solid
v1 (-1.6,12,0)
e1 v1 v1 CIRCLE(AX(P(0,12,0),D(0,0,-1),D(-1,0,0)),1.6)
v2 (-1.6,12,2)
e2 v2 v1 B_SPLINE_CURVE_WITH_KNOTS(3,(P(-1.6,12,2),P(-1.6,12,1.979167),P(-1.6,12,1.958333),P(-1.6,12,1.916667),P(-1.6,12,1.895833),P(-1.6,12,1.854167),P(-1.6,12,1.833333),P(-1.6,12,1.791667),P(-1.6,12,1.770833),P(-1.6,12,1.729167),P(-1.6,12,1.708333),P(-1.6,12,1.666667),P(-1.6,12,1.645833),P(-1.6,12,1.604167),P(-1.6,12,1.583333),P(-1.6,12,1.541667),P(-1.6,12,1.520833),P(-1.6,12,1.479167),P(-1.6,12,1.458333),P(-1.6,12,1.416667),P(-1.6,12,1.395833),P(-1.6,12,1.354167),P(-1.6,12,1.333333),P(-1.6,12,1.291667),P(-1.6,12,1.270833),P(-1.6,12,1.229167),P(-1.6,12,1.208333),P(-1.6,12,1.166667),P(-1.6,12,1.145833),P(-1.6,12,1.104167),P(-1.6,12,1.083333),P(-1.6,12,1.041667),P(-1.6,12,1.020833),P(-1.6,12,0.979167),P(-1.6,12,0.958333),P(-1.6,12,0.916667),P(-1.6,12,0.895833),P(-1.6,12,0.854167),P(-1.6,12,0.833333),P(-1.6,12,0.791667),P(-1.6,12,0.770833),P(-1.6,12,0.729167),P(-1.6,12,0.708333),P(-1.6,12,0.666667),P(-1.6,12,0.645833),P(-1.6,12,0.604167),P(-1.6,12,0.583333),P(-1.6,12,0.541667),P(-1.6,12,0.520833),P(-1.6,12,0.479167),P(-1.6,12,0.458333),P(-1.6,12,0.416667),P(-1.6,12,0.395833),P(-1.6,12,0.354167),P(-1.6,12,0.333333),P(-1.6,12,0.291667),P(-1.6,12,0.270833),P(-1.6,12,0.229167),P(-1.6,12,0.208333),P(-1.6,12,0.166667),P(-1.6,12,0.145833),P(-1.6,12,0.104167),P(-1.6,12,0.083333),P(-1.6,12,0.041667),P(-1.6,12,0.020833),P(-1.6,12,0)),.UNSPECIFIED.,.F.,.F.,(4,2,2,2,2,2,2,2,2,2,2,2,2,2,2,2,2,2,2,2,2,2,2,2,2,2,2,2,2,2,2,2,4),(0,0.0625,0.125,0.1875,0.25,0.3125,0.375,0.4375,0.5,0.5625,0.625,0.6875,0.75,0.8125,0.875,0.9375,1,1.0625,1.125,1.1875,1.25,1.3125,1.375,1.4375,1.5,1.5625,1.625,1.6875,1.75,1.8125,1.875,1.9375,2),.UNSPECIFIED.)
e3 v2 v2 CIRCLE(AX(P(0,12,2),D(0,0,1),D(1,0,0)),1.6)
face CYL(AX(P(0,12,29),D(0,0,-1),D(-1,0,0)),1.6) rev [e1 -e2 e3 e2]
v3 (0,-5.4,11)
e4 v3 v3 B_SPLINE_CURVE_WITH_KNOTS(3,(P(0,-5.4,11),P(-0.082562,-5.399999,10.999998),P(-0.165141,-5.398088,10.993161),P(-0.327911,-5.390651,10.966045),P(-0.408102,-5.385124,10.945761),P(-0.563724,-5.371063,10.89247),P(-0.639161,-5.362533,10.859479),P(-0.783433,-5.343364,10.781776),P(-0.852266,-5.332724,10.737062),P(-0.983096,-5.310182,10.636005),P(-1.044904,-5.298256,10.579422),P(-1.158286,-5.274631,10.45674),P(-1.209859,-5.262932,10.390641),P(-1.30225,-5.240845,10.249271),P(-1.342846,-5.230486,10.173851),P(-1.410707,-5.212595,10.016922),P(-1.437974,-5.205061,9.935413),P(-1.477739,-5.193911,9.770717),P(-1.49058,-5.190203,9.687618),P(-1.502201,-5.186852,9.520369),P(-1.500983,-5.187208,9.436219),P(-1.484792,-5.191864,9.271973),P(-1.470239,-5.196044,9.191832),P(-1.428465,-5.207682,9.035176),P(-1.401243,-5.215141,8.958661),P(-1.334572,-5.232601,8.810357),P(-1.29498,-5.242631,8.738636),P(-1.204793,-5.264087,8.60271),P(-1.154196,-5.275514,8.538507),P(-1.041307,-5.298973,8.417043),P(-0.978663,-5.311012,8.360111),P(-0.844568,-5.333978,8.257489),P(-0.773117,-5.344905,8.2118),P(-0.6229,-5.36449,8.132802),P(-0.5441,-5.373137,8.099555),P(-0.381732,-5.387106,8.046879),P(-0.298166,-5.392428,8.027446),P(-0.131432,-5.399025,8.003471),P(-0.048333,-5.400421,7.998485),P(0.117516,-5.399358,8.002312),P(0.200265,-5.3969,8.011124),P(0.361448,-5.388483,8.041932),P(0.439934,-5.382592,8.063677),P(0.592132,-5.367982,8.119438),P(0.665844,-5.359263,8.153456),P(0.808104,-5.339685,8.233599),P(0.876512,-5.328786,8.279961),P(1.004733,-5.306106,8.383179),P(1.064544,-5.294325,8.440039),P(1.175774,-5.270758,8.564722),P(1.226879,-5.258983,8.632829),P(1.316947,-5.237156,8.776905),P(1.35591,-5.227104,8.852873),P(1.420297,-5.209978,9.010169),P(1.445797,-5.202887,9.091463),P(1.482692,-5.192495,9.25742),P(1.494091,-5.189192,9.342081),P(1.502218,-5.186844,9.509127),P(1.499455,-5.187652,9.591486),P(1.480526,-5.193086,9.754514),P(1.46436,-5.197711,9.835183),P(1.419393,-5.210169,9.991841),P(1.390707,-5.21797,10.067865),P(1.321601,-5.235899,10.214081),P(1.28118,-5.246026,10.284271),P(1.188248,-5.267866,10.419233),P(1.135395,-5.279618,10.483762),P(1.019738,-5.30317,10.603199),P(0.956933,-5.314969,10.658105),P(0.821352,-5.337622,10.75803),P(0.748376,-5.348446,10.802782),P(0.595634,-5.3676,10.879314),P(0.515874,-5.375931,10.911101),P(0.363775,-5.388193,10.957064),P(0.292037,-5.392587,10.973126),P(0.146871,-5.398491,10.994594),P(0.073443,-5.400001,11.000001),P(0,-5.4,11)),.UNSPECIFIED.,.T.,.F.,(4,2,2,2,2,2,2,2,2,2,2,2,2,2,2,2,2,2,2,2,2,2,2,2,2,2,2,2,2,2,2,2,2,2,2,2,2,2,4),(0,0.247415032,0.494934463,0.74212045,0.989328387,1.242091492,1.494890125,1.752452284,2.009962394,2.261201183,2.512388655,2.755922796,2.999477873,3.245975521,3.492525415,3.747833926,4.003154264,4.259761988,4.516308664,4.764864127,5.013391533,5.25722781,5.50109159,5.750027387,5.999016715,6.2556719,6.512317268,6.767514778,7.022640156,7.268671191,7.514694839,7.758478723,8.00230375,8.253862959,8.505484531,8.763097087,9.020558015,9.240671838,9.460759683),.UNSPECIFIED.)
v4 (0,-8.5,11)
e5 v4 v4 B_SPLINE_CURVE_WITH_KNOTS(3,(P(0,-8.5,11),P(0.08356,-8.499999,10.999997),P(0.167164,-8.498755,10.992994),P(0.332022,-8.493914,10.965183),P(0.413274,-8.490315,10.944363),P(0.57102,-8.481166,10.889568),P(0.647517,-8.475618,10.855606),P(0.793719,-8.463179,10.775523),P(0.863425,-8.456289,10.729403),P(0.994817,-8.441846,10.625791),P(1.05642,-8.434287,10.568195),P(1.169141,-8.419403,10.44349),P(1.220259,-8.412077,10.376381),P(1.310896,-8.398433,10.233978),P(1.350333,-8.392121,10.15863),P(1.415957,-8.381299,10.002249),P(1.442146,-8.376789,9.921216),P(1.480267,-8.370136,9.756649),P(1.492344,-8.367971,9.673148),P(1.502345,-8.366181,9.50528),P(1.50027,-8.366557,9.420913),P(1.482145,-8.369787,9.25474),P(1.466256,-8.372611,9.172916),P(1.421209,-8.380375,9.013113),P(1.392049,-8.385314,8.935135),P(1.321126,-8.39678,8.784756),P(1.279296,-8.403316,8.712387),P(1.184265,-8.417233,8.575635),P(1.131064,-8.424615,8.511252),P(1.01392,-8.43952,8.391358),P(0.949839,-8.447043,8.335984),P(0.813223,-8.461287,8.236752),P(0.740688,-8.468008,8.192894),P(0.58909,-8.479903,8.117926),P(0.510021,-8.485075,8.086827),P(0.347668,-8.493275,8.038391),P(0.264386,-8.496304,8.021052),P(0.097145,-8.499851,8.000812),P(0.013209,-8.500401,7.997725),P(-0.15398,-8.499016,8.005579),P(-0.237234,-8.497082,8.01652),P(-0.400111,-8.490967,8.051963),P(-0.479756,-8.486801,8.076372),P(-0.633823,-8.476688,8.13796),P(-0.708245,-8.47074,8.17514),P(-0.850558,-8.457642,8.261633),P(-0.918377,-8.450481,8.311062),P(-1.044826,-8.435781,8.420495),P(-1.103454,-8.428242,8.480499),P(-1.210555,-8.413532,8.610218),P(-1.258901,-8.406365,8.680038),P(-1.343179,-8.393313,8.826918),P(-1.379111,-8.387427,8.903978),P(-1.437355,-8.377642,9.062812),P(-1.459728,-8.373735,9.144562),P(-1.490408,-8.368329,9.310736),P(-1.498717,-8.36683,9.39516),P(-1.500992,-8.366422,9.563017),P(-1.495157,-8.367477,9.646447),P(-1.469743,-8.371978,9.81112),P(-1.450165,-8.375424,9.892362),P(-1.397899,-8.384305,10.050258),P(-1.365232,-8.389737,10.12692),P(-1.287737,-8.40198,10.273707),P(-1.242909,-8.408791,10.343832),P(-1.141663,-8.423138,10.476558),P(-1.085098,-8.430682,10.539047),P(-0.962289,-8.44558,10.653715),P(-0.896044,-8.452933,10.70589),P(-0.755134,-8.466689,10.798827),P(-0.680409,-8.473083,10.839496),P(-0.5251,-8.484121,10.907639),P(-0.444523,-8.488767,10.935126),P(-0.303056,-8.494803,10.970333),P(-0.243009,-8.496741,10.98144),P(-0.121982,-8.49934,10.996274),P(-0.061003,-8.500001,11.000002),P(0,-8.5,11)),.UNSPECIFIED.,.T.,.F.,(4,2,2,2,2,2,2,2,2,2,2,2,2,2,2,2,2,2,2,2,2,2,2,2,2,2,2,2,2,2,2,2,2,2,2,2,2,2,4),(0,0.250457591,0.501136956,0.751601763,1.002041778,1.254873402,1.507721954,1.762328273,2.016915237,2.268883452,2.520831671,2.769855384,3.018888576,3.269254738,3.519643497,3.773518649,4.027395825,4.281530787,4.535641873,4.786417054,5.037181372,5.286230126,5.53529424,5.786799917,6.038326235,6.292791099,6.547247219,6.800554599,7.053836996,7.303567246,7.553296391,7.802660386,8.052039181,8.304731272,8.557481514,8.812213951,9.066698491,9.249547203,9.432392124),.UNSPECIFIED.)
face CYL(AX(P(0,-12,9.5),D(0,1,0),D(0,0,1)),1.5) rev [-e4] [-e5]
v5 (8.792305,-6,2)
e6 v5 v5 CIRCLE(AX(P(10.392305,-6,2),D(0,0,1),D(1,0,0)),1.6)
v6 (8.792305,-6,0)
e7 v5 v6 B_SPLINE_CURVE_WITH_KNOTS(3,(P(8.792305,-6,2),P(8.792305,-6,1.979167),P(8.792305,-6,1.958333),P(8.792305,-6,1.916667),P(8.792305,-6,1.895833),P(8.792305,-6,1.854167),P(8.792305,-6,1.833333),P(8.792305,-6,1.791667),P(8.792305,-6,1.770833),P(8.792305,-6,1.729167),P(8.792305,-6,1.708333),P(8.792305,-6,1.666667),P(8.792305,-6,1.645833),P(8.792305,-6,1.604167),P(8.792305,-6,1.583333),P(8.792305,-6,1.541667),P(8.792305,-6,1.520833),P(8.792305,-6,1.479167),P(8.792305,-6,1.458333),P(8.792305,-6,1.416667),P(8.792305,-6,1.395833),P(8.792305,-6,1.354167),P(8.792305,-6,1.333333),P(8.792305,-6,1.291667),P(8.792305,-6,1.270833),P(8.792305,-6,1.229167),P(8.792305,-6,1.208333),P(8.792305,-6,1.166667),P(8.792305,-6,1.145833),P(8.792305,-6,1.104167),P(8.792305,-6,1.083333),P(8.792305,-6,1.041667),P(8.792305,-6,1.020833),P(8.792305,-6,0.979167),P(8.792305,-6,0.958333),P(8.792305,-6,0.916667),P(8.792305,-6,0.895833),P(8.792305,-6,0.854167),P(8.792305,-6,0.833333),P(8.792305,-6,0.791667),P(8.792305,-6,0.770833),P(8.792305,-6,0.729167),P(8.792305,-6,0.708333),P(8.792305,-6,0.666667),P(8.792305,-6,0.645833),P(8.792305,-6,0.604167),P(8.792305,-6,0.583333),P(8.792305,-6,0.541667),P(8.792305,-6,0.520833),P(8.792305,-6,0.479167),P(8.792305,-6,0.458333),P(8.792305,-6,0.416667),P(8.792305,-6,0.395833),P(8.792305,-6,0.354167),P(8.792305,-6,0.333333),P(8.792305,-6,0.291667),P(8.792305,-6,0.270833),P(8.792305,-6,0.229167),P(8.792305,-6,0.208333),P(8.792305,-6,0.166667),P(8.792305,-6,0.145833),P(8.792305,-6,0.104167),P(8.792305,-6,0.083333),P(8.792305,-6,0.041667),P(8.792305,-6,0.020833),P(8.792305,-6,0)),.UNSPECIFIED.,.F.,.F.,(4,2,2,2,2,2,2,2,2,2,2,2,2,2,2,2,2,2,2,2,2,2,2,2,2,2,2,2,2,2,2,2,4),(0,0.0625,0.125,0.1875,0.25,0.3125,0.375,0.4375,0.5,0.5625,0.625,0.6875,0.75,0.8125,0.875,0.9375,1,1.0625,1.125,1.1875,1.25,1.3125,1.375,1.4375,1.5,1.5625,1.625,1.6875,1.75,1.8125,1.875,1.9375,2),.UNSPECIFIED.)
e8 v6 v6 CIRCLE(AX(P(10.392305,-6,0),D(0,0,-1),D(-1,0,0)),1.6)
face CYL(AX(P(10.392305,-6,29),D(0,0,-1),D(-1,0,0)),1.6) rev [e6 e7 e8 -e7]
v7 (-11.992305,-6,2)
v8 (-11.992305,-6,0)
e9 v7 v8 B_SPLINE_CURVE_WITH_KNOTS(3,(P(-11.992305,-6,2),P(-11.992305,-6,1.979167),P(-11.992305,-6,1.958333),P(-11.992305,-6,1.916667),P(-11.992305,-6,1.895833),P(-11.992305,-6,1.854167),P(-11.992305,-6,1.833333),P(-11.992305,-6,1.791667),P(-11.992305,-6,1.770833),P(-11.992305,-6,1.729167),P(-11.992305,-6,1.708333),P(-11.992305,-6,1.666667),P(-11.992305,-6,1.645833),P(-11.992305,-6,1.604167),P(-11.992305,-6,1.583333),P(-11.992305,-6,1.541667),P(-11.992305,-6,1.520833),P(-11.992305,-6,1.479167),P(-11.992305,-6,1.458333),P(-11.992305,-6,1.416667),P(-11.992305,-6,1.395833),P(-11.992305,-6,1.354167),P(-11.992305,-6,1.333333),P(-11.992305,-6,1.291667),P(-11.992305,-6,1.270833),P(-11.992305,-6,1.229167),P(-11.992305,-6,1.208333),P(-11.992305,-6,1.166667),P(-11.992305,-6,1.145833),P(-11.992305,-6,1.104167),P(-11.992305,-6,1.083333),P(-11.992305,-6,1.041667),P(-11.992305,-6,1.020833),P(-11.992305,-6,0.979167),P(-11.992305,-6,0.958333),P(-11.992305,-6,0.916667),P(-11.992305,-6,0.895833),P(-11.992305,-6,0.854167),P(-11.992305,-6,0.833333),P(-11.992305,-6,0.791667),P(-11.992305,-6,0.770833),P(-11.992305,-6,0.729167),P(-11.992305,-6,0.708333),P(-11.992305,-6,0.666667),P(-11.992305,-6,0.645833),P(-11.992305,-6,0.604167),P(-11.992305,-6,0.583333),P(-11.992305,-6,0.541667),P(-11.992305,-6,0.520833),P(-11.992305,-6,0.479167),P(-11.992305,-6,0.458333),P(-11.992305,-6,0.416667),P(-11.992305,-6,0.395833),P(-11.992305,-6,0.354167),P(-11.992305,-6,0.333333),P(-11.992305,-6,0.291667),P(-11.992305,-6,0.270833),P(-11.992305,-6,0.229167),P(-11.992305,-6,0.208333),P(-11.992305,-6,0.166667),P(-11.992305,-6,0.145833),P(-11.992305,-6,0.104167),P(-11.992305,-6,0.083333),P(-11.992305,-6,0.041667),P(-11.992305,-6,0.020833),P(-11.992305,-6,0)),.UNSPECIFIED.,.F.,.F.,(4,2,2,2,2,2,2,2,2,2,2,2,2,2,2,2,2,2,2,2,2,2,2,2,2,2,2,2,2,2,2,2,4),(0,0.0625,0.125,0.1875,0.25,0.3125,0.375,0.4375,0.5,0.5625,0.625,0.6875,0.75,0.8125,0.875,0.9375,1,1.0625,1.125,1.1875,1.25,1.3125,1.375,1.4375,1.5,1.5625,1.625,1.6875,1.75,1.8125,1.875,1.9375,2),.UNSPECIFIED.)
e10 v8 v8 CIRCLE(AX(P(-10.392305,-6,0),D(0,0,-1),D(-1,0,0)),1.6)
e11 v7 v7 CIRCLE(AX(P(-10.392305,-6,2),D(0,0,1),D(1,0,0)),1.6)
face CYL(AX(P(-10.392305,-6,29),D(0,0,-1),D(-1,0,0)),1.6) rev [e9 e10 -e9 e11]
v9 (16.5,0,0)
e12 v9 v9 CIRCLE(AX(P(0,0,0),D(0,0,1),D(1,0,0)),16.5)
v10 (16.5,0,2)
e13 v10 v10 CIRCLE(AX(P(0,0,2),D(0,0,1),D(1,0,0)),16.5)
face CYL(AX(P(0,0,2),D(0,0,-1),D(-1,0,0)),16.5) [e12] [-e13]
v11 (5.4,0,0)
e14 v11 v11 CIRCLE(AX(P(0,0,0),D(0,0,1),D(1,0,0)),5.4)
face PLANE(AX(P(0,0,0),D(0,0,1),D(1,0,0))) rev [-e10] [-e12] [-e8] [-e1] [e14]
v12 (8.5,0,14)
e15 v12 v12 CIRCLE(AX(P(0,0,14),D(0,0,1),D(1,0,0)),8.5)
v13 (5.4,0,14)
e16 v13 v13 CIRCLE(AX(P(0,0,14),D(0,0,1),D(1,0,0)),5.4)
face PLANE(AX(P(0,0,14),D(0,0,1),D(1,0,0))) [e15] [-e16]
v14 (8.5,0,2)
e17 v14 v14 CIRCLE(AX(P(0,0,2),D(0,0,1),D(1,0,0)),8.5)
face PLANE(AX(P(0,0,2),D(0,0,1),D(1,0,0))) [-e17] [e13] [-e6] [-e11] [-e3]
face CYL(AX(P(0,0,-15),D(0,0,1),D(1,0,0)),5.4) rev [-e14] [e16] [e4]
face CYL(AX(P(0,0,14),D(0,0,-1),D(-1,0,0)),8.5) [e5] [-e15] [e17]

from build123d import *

# Parameters (mm, degrees)
SKETCH_1_R          = 16.5
EXTRUDE_1_DEPTH     = 2
SKETCH_2_R          = 8.5
EXTRUDE_2_DEPTH     = 12
SKETCH_3_R          = 5.4
CUT_EXTRUDE_1_DEPTH = 29
SKETCH_4_R          = 1.6
CUT_EXTRUDE_2_DEPTH = 29
CUT_EXTRUDE_3_DEPTH = 12


with BuildPart() as part:
    # 草图1 → 凸台-拉伸1 (new body)
    with BuildSketch(Plane.XY):
        Circle(SKETCH_1_R)
    extrude(amount=EXTRUDE_1_DEPTH)

    # 草图2 → 凸台-拉伸2 (add)
    with BuildSketch(Plane.XY.offset(2)):
        Circle(SKETCH_2_R)
    extrude(amount=EXTRUDE_2_DEPTH)

    # 草图3 → 切除-拉伸1 (cut)
    with BuildSketch(Plane.XY.offset(14)):
        Circle(SKETCH_3_R)
    extrude(amount=-CUT_EXTRUDE_1_DEPTH, mode=Mode.SUBTRACT)

    # 草图4 → 切除-拉伸2 (cut)
    with BuildSketch(Plane(origin=(0, 0, 0), x_dir=(-1, 0, 0), z_dir=(0, 0, -1))):
        with Locations((0, 12)):
            Circle(SKETCH_4_R)
        with Locations((10.392304845, -6)):
            Circle(SKETCH_4_R)
        with Locations((-10.392304845, -6)):
            Circle(SKETCH_4_R)
    extrude(amount=-CUT_EXTRUDE_2_DEPTH, mode=Mode.SUBTRACT)

    # 草图7 → 切除-拉伸3 (cut)
    with BuildSketch(Plane(origin=(0, 0, 0), x_dir=(1, 0, 0), z_dir=(0, 1, 0))):
        with BuildLine():
            ThreePointArc((0, -11), (1.060660172, -10.560660172), (1.5, -9.5))
            ThreePointArc((1.5, -9.5), (-1.060660172, -8.439339828), (0, -11))
        make_face()
    extrude(amount=-CUT_EXTRUDE_3_DEPTH, mode=Mode.SUBTRACT)


solid = part.part
